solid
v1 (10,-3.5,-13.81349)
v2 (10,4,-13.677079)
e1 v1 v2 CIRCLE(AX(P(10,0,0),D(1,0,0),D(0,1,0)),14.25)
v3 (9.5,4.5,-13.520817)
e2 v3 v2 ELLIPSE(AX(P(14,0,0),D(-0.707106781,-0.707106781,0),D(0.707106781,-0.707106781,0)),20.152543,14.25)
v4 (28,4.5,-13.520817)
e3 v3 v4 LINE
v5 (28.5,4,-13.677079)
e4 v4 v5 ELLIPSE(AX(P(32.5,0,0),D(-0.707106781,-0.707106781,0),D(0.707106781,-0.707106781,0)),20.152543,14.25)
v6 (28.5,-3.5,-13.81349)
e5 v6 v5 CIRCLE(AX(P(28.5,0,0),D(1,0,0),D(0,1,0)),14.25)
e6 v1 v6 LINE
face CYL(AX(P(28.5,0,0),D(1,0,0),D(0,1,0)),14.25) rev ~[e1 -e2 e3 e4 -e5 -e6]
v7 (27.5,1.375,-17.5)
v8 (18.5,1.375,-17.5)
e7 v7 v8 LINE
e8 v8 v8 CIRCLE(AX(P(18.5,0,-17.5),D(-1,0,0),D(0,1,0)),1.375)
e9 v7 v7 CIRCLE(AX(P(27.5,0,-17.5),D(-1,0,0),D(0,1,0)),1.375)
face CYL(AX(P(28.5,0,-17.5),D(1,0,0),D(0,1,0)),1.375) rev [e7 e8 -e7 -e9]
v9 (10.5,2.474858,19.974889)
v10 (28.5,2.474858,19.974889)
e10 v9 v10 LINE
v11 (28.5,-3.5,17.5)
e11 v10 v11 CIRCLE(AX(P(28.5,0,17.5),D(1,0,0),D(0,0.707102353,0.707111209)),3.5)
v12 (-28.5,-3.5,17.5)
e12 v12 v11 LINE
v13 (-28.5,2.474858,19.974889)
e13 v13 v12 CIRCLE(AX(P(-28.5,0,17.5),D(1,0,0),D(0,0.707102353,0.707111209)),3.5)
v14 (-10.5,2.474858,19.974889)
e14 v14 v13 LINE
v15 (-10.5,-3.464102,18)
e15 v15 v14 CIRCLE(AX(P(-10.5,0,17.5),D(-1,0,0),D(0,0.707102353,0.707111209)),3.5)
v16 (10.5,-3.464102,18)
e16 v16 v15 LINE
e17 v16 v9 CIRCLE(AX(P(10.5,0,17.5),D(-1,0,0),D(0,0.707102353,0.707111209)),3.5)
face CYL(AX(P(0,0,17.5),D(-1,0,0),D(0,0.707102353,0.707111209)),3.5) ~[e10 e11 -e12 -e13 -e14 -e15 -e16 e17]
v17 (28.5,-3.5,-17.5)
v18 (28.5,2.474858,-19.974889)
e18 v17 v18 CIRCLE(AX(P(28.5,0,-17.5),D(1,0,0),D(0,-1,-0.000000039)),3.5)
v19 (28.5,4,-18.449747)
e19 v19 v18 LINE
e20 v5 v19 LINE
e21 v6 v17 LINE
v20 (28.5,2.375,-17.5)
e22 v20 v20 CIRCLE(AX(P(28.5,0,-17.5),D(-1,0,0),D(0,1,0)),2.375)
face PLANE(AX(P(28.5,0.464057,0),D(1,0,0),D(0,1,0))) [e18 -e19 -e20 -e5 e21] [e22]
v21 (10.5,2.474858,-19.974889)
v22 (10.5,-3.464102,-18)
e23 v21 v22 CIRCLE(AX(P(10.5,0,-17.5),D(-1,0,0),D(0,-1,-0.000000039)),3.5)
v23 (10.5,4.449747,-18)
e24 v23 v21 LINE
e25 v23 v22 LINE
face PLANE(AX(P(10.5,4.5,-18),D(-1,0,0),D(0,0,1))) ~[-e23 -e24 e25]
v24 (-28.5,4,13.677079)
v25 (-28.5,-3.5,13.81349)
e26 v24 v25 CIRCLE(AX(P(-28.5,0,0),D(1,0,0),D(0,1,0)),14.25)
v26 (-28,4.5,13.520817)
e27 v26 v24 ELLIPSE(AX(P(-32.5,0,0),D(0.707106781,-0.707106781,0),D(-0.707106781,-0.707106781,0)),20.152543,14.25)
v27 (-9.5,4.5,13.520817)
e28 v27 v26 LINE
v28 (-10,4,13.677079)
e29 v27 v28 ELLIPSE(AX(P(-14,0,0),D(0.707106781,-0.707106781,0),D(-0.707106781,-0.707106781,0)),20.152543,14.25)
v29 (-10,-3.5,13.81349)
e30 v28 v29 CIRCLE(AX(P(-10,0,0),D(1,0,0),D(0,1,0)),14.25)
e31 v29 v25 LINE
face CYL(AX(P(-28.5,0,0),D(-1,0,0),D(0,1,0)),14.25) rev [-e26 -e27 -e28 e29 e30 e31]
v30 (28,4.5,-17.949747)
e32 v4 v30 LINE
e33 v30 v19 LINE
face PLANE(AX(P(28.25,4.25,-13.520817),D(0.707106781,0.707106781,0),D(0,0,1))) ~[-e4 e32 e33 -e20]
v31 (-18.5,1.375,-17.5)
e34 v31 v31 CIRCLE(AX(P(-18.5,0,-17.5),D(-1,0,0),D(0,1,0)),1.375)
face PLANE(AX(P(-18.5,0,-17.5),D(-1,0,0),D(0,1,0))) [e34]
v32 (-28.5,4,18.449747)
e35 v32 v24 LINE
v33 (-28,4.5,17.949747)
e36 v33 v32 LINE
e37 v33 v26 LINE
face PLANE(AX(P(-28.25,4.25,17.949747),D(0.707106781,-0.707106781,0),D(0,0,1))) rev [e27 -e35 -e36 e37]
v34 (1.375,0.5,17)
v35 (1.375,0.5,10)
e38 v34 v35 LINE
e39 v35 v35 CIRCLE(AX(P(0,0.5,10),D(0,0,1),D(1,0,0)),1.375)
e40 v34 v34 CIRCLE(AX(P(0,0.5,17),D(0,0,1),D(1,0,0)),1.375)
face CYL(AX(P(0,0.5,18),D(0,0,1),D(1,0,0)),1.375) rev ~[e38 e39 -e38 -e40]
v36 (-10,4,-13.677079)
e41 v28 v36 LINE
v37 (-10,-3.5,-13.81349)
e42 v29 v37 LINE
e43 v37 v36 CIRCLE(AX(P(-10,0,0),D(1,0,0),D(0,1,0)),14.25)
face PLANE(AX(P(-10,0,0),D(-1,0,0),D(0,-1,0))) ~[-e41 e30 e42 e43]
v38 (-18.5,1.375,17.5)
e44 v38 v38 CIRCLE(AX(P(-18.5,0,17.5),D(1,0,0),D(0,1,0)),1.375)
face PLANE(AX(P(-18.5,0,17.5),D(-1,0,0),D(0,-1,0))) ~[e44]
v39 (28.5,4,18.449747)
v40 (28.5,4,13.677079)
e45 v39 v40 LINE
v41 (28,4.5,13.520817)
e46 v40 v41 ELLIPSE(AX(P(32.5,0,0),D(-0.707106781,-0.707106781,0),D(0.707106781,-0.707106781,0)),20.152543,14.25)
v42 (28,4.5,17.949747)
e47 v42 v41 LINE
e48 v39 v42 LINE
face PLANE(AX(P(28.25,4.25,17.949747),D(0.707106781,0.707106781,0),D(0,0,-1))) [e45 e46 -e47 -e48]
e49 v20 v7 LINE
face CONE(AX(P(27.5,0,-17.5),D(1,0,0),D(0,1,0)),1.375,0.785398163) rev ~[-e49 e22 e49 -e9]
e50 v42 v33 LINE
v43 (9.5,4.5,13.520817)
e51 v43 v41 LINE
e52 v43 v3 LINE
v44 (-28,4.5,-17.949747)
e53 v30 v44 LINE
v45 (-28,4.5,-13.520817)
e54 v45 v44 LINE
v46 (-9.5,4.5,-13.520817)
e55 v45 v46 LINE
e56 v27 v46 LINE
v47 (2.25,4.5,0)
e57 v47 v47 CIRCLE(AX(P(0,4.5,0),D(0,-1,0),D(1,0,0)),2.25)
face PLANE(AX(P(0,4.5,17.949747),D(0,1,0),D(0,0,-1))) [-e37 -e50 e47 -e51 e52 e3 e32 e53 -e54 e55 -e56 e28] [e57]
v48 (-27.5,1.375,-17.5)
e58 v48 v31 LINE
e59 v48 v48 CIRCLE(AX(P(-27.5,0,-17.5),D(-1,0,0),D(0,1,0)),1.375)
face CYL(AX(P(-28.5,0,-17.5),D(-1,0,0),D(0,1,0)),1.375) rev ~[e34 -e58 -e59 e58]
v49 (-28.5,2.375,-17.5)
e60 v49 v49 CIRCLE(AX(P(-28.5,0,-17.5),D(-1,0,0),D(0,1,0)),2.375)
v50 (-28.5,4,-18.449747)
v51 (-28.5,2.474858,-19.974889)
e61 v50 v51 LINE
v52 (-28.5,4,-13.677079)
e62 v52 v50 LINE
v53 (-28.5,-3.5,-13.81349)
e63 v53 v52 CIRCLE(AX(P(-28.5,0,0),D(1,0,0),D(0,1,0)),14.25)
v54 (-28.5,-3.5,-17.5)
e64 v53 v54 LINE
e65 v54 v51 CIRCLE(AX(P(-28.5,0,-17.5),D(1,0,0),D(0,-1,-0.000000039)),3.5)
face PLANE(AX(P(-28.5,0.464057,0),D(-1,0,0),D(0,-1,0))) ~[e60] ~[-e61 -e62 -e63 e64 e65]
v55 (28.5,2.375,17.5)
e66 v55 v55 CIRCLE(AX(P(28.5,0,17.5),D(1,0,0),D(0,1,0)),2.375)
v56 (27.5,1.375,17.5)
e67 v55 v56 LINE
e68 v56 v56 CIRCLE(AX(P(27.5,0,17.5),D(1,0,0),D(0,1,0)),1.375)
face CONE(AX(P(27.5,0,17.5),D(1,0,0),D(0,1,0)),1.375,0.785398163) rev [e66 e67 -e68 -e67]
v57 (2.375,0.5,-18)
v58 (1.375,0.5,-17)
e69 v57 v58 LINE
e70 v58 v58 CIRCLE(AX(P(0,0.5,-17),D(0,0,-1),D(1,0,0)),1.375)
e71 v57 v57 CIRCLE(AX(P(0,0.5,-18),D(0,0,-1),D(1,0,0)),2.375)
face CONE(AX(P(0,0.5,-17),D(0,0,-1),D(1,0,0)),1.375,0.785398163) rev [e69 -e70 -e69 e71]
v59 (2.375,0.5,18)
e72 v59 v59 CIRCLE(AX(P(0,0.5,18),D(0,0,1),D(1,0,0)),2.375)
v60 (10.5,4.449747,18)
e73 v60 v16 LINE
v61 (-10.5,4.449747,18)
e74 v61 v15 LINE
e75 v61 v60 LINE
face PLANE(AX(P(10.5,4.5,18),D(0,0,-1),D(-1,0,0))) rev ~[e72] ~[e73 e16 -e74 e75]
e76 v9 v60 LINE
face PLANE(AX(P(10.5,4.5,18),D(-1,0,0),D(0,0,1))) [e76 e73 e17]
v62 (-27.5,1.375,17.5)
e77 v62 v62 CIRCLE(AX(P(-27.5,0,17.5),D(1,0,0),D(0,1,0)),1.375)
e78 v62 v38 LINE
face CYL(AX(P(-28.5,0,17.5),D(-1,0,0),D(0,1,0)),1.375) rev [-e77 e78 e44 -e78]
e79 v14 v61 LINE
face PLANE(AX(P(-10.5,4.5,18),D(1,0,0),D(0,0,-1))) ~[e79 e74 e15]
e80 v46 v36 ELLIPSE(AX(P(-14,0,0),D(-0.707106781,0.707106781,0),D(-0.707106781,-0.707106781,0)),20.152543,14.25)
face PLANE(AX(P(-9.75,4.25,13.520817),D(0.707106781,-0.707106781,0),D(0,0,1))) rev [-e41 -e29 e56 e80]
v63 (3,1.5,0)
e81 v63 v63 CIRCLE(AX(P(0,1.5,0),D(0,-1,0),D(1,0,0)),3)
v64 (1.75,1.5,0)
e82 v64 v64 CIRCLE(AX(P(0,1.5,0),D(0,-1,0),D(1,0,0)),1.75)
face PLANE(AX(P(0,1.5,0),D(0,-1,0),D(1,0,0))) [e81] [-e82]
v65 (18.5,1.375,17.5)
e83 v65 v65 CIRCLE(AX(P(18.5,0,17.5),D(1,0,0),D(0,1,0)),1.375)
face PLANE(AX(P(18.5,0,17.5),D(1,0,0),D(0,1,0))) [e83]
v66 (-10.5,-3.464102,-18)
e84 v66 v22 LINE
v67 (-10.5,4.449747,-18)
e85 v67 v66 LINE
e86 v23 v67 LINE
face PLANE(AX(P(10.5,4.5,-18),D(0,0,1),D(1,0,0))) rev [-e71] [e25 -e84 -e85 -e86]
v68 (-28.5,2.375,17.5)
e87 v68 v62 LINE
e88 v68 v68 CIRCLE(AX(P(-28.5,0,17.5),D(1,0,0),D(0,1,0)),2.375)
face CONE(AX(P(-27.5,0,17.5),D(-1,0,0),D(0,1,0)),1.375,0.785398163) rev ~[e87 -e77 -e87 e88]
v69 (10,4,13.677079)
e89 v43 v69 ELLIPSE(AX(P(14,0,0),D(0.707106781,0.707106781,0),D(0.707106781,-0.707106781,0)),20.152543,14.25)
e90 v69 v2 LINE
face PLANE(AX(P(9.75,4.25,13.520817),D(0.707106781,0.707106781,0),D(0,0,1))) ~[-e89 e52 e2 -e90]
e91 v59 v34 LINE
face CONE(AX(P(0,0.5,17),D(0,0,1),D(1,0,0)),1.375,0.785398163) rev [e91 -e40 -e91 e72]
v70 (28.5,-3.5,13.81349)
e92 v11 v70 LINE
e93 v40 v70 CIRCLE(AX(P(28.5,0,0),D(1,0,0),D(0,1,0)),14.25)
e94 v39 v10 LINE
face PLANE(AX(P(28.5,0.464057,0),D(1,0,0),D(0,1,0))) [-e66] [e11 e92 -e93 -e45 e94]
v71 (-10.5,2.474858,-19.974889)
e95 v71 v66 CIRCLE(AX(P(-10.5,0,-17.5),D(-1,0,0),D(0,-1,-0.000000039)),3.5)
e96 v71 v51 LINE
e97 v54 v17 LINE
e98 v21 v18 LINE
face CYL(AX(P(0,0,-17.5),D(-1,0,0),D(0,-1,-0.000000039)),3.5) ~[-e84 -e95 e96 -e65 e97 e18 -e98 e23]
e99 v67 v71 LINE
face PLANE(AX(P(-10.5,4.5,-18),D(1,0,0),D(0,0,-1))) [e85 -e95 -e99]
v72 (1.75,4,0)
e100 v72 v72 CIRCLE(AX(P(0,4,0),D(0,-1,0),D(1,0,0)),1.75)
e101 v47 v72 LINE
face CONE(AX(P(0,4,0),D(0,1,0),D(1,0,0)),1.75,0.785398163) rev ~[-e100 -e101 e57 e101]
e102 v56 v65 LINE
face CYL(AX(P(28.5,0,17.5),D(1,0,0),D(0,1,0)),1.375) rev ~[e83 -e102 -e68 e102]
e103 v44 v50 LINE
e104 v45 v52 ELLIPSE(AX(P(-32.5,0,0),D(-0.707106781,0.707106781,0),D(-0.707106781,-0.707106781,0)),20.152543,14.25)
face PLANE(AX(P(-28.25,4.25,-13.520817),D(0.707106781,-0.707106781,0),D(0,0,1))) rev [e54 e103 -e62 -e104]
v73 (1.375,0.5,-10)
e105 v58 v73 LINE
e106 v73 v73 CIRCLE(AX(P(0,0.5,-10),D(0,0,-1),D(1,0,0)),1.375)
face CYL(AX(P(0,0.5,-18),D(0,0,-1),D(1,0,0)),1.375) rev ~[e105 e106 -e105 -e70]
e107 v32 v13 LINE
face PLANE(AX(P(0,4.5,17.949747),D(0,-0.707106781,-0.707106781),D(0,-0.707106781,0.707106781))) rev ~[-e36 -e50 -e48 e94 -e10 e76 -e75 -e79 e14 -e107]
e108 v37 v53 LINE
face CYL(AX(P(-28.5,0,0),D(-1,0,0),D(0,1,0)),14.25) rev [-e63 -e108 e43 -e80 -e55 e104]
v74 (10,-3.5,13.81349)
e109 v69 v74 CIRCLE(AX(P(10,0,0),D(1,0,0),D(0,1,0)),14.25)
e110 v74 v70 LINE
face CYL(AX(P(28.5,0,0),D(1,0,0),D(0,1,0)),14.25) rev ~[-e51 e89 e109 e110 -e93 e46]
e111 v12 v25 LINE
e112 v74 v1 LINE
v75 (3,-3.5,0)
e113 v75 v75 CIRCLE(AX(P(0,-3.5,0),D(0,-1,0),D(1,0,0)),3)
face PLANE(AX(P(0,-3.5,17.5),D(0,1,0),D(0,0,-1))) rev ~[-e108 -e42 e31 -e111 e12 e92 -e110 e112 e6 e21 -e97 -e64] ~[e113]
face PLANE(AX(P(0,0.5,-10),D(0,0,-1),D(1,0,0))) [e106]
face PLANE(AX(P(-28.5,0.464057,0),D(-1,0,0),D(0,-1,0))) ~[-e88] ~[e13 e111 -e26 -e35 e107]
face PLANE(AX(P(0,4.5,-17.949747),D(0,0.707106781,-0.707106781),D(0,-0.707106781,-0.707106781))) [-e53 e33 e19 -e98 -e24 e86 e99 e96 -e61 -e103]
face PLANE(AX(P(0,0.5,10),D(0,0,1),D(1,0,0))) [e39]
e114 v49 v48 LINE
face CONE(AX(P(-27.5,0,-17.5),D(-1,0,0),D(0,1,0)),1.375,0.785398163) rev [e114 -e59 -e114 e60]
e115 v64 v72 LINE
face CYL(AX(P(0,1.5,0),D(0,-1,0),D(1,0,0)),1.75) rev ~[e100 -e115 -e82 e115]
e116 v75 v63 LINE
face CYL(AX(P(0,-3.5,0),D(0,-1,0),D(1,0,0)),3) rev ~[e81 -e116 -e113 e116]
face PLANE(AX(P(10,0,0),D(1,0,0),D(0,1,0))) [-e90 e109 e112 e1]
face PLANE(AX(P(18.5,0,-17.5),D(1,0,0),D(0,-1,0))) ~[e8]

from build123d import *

# Parameters (mm, degrees)
PAD001_DEPTH    = 28.5
SKETCH002_R     = 14.25
POCKET_DEPTH    = 18.5
SKETCH003_R     = 1.375
POCKET001_DEPTH = 10
CHAMFER_SIZE    = 1
SKETCH004_W     = 10.5
SKETCH004_H     = 4
POCKET002_DEPTH = 10
SKETCH008_R     = 3
POCKET004_DEPTH = 5
SKETCH009_R     = 1.75
POCKET005_DEPTH = 5
CHAMFER004_SIZE = 0.5
SKETCH012_R     = 1.375
POCKET008_DEPTH = 8
SKETCH013_R     = 1.375
POCKET009_DEPTH = 8
CHAMFER005_SIZE = 1


with BuildPart() as motorbracketgroovemirrored001:
    # Sketch001 → Pad001 (new body)
    with BuildSketch(Plane.YZ):
        with BuildLine():
            ThreePointArc((2.474858, 19.974889), (-1.339402, 20.733574), (-3.5, 17.5))
            Line((-3.5, 17.5), (-3.5, -17.5))
            ThreePointArc((-3.5, -17.5), (-1.339402, -20.733574), (2.474858, -19.974889))
            Line((4.5, -17.949747), (2.474858, -19.974889))
            Line((4.5, 17.949747), (4.5, -17.949747))
            Line((4.5, 17.949747), (2.474858, 19.974889))
        make_face()
    extrude(amount=PAD001_DEPTH)

    # Sketch002 → Pocket (cut)
    with BuildSketch(Plane.YZ.offset(28.5)):
        Circle(SKETCH002_R)
    extrude(amount=-POCKET_DEPTH, mode=Mode.SUBTRACT)

    # Sketch003 → Pocket001 (cut)
    with BuildSketch(Plane.YZ.offset(28.5)):
        with Locations((0, 17.5)):
            Circle(SKETCH003_R)
    pocket001 = extrude(amount=-POCKET001_DEPTH, mode=Mode.SUBTRACT)

    # Mirrored: Pocket001 across Sketch003 H_Axis
    add(pocket001.mirror(Plane(origin=(28.5, 0, 0), x_dir=(1, 0, 0), z_dir=(0, 0, 1))), mode=Mode.SUBTRACT)

    # Chamfer
    chamfer_edges = [motorbracketgroovemirrored001.edges().sort_by_distance(p)[0] for p in [
        (28.5, -1.375, 17.5),
        (28.5, -1.375, -17.5),
    ]]
    chamfer(chamfer_edges, length=CHAMFER_SIZE)

    # Sketch004 → Pocket002 (cut)
    with BuildSketch(Plane(origin=(0, 4.5, 0), x_dir=(-1, 0, 0), z_dir=(0, 1, 0))):
        with Locations((-5.25, 20)):
            Rectangle(SKETCH004_W, SKETCH004_H)
    pocket002 = extrude(amount=-POCKET002_DEPTH, mode=Mode.SUBTRACT)

    # Mirrored001: Pocket002 across Sketch004 H_Axis
    add(pocket002.mirror(Plane(origin=(0, 4.5, 0), x_dir=(0, 1, 0), z_dir=(0, 0, 1))), mode=Mode.SUBTRACT)


with BuildPart() as motorbracketscrewchamfer005_final:
    # Part__Mirroring: instance of MotorBracketGrooveMirrored001
    add(motorbracketgroovemirrored001.part.mirror(Plane(origin=(0, 0, 0), x_dir=(0, -1, 0), z_dir=(1, 0, 0))))

    # Fusion001: union MotorBracketGrooveMirrored001
    add(motorbracketgroovemirrored001.part)

    # Sketch008 → Pocket004 (cut)
    with BuildSketch(Plane.XZ.offset(3.5)):
        Circle(SKETCH008_R)
    extrude(amount=-POCKET004_DEPTH, mode=Mode.SUBTRACT)

    # Sketch009 → Pocket005 (cut)
    with BuildSketch(Plane.XZ.offset(-1.5)):
        Circle(SKETCH009_R)
    extrude(amount=-POCKET005_DEPTH, mode=Mode.SUBTRACT)

    # Chamfer004
    chamfer004_edges = [motorbracketscrewchamfer005_final.edges().sort_by_distance(p)[0] for p in [
        (10, 4.5, 0),
        (0, 4.5, 1.75),
        (-10, 4.5, 0),
        (-28.5, 4.5, -15.735282),
        (-28.5, 4.5, 15.735282),
        (28.5, 4.5, -15.735282),
        (28.5, 4.5, 15.735282),
    ]]
    chamfer(chamfer004_edges, length=CHAMFER004_SIZE)

    # Sketch012 → Pocket008 (cut)
    with BuildSketch(Plane.XY.offset(18)):
        with Locations((0, 0.5)):
            Circle(SKETCH012_R)
    extrude(amount=-POCKET008_DEPTH, mode=Mode.SUBTRACT)

    # Sketch013 → Pocket009 (cut)
    with BuildSketch(Plane(origin=(0, 0, -18), x_dir=(1, 0, 0), z_dir=(0, 0, -1))):
        with Locations((0, -0.5)):
            Circle(SKETCH013_R)
    extrude(amount=-POCKET009_DEPTH, mode=Mode.SUBTRACT)

    # Chamfer005
    chamfer005_edges = [motorbracketscrewchamfer005_final.edges().sort_by_distance(p)[0] for p in [
        (-1.375, 0.5, -18),
        (-1.375, 0.5, 18),
    ]]
    chamfer(chamfer005_edges, length=CHAMFER005_SIZE)


solid = motorbracketscrewchamfer005_final.part
